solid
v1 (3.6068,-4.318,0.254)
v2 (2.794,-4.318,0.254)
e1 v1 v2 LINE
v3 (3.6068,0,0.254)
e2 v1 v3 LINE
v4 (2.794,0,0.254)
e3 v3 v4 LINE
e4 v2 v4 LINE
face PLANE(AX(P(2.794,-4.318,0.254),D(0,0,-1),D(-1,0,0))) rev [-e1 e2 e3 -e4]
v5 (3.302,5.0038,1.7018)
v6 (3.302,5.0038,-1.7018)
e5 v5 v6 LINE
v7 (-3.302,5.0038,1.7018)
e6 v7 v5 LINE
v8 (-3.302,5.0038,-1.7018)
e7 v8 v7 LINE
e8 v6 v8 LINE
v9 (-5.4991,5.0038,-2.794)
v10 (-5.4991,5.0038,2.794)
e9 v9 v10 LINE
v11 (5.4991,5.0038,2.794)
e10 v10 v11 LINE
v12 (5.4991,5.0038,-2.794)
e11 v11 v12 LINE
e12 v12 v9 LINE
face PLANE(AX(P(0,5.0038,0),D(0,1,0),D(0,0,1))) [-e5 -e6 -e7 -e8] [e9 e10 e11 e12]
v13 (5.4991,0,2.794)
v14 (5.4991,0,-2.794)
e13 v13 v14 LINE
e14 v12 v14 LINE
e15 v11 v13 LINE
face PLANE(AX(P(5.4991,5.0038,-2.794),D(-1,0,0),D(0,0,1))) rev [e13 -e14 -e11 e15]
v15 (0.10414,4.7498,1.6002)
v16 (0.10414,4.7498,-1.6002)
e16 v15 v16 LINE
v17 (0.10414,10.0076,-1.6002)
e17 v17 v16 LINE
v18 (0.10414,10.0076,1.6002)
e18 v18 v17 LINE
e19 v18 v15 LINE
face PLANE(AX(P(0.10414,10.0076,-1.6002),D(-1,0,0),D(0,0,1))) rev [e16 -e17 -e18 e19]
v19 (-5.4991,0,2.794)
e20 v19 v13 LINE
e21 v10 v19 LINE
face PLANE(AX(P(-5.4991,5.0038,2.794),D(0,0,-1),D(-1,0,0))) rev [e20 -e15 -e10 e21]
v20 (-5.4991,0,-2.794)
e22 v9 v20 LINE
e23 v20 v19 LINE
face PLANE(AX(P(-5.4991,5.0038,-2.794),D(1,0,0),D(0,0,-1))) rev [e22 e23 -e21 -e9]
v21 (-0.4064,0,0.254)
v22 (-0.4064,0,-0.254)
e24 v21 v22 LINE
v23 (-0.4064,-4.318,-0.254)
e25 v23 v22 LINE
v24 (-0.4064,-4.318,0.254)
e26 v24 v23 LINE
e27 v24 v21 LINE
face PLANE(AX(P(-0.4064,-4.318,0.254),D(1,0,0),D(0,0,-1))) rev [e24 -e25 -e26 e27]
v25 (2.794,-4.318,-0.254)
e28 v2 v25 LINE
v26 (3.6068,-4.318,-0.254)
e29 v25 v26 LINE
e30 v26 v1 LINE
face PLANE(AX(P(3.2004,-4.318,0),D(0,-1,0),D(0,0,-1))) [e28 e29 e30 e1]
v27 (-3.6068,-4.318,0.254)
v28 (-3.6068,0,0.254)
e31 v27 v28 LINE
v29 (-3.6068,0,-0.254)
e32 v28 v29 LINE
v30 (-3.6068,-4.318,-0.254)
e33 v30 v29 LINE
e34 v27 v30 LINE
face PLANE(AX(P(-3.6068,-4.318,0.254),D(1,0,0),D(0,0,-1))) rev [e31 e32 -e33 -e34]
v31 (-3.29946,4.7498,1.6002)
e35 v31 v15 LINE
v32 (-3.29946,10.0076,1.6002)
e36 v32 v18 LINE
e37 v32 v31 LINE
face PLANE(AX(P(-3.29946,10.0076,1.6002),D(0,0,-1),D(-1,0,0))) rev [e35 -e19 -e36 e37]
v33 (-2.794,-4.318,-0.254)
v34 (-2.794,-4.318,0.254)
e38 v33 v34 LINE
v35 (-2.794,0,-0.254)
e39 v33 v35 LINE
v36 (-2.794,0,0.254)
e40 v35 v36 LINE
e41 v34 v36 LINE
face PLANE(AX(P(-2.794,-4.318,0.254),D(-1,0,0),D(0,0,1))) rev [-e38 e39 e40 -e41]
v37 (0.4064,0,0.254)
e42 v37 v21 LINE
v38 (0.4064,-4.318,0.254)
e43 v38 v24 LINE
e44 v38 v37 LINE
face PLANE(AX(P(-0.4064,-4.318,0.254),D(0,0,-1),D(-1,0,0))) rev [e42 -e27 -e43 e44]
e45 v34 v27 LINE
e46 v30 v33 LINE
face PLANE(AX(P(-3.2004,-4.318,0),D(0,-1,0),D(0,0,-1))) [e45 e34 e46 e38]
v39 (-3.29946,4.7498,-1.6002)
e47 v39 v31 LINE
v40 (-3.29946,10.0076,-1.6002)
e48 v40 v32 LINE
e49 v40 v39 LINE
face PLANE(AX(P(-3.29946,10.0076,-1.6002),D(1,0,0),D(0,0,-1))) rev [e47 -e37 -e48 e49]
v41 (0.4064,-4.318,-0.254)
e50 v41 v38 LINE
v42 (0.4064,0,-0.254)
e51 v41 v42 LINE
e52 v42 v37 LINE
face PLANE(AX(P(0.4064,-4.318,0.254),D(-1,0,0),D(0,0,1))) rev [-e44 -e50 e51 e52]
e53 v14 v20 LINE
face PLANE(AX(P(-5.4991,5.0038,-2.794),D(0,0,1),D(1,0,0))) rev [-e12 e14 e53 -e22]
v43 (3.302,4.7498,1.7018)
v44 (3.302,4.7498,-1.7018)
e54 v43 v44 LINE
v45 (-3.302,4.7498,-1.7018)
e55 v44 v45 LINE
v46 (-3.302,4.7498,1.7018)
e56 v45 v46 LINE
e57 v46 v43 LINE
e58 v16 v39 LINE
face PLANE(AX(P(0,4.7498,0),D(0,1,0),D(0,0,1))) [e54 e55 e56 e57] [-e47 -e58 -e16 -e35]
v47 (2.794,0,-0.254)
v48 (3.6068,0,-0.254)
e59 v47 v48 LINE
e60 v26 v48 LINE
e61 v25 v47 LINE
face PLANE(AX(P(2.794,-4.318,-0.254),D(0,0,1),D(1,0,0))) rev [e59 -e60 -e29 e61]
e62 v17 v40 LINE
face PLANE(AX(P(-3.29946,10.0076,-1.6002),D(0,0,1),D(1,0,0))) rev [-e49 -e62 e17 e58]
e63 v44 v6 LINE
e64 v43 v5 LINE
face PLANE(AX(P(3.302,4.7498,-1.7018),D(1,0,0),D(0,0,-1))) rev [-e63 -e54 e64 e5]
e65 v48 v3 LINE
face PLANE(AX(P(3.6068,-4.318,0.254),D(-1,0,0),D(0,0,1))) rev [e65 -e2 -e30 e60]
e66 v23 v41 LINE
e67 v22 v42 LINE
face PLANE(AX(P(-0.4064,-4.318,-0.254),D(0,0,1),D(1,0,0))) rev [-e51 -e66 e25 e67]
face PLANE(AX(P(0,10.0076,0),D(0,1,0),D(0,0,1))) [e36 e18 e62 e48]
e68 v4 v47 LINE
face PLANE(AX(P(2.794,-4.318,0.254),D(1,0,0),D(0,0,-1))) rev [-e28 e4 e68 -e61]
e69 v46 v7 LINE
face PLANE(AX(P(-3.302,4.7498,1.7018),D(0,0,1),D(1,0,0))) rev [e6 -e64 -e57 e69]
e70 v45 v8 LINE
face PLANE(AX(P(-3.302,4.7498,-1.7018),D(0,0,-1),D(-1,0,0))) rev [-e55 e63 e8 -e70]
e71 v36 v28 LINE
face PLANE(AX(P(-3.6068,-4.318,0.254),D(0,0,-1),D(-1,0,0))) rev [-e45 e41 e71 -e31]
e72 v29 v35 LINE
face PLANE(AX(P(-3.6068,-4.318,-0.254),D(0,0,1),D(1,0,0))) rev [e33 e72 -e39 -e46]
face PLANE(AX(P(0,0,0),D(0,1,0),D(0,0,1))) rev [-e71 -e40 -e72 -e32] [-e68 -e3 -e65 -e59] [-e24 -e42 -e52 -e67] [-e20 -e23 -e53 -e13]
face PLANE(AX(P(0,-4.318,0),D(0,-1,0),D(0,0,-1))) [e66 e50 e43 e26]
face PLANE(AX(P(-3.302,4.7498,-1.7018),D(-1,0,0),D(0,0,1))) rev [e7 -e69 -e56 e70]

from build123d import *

# Parameters (mm, degrees)
SKETCH1_W           = 10.9982
SKETCH1_H           = 5.588
BOSS_EXTRUDE1_DEPTH = 5.0038
SKETCH2_W           = 6.604
SKETCH2_H           = 3.4036
CUT_EXTRUDE1_DEPTH  = 0.254
SKETCH3_W           = 3.4036
SKETCH3_H           = 3.2004
BOSS_EXTRUDE2_DEPTH = 5.2578
SKETCH4_W           = 0.8128
SKETCH4_H           = 0.508
BOSS_EXTRUDE3_DEPTH = 4.318
LPATTERN1_COUNT     = 2
LPATTERN1_PITCH     = 3.2004
LPATTERN1_COL_COUNT = 2
LPATTERN1_COL_PITCH = 3.2004


with BuildPart() as part:
    # Sketch1 → Boss-Extrude1 (new body)
    with BuildSketch(Plane(origin=(0, 0, 0), x_dir=(1, 0, 0), z_dir=(0, 1, 0))):
        Rectangle(SKETCH1_W, SKETCH1_H)
    extrude(amount=BOSS_EXTRUDE1_DEPTH)

    # Sketch2 → Cut-Extrude1 (cut)
    with BuildSketch(Plane(origin=(0, 5.0038, 0), x_dir=(1, 0, 0), z_dir=(0, 1, 0))):
        Rectangle(SKETCH2_W, SKETCH2_H)
    extrude(amount=-CUT_EXTRUDE1_DEPTH, mode=Mode.SUBTRACT)

    # Sketch3 → Boss-Extrude2 (add)
    with BuildSketch(Plane(origin=(0, 4.7498, 0), x_dir=(1, 0, 0), z_dir=(0, 1, 0))):
        with Locations((-1.59766, 0)):
            Rectangle(SKETCH3_W, SKETCH3_H)
    extrude(amount=BOSS_EXTRUDE2_DEPTH)

    # Sketch4 → Boss-Extrude3 (add)
    with BuildSketch(Plane.XZ):
        Rectangle(SKETCH4_W, SKETCH4_H)
    boss_extrude3 = extrude(amount=BOSS_EXTRUDE3_DEPTH)

    # LPattern1: Boss-Extrude3 ×2
    with Locations(*[(i * LPATTERN1_PITCH, 0, 0) for i in range(1, LPATTERN1_COUNT)]):
        add(boss_extrude3)

    # LPattern1 col: Boss-Extrude3 ×2
    with Locations(*[(-i * LPATTERN1_COL_PITCH, 0, 0) for i in range(1, LPATTERN1_COL_COUNT)]):
        add(boss_extrude3)


solid = part.part
